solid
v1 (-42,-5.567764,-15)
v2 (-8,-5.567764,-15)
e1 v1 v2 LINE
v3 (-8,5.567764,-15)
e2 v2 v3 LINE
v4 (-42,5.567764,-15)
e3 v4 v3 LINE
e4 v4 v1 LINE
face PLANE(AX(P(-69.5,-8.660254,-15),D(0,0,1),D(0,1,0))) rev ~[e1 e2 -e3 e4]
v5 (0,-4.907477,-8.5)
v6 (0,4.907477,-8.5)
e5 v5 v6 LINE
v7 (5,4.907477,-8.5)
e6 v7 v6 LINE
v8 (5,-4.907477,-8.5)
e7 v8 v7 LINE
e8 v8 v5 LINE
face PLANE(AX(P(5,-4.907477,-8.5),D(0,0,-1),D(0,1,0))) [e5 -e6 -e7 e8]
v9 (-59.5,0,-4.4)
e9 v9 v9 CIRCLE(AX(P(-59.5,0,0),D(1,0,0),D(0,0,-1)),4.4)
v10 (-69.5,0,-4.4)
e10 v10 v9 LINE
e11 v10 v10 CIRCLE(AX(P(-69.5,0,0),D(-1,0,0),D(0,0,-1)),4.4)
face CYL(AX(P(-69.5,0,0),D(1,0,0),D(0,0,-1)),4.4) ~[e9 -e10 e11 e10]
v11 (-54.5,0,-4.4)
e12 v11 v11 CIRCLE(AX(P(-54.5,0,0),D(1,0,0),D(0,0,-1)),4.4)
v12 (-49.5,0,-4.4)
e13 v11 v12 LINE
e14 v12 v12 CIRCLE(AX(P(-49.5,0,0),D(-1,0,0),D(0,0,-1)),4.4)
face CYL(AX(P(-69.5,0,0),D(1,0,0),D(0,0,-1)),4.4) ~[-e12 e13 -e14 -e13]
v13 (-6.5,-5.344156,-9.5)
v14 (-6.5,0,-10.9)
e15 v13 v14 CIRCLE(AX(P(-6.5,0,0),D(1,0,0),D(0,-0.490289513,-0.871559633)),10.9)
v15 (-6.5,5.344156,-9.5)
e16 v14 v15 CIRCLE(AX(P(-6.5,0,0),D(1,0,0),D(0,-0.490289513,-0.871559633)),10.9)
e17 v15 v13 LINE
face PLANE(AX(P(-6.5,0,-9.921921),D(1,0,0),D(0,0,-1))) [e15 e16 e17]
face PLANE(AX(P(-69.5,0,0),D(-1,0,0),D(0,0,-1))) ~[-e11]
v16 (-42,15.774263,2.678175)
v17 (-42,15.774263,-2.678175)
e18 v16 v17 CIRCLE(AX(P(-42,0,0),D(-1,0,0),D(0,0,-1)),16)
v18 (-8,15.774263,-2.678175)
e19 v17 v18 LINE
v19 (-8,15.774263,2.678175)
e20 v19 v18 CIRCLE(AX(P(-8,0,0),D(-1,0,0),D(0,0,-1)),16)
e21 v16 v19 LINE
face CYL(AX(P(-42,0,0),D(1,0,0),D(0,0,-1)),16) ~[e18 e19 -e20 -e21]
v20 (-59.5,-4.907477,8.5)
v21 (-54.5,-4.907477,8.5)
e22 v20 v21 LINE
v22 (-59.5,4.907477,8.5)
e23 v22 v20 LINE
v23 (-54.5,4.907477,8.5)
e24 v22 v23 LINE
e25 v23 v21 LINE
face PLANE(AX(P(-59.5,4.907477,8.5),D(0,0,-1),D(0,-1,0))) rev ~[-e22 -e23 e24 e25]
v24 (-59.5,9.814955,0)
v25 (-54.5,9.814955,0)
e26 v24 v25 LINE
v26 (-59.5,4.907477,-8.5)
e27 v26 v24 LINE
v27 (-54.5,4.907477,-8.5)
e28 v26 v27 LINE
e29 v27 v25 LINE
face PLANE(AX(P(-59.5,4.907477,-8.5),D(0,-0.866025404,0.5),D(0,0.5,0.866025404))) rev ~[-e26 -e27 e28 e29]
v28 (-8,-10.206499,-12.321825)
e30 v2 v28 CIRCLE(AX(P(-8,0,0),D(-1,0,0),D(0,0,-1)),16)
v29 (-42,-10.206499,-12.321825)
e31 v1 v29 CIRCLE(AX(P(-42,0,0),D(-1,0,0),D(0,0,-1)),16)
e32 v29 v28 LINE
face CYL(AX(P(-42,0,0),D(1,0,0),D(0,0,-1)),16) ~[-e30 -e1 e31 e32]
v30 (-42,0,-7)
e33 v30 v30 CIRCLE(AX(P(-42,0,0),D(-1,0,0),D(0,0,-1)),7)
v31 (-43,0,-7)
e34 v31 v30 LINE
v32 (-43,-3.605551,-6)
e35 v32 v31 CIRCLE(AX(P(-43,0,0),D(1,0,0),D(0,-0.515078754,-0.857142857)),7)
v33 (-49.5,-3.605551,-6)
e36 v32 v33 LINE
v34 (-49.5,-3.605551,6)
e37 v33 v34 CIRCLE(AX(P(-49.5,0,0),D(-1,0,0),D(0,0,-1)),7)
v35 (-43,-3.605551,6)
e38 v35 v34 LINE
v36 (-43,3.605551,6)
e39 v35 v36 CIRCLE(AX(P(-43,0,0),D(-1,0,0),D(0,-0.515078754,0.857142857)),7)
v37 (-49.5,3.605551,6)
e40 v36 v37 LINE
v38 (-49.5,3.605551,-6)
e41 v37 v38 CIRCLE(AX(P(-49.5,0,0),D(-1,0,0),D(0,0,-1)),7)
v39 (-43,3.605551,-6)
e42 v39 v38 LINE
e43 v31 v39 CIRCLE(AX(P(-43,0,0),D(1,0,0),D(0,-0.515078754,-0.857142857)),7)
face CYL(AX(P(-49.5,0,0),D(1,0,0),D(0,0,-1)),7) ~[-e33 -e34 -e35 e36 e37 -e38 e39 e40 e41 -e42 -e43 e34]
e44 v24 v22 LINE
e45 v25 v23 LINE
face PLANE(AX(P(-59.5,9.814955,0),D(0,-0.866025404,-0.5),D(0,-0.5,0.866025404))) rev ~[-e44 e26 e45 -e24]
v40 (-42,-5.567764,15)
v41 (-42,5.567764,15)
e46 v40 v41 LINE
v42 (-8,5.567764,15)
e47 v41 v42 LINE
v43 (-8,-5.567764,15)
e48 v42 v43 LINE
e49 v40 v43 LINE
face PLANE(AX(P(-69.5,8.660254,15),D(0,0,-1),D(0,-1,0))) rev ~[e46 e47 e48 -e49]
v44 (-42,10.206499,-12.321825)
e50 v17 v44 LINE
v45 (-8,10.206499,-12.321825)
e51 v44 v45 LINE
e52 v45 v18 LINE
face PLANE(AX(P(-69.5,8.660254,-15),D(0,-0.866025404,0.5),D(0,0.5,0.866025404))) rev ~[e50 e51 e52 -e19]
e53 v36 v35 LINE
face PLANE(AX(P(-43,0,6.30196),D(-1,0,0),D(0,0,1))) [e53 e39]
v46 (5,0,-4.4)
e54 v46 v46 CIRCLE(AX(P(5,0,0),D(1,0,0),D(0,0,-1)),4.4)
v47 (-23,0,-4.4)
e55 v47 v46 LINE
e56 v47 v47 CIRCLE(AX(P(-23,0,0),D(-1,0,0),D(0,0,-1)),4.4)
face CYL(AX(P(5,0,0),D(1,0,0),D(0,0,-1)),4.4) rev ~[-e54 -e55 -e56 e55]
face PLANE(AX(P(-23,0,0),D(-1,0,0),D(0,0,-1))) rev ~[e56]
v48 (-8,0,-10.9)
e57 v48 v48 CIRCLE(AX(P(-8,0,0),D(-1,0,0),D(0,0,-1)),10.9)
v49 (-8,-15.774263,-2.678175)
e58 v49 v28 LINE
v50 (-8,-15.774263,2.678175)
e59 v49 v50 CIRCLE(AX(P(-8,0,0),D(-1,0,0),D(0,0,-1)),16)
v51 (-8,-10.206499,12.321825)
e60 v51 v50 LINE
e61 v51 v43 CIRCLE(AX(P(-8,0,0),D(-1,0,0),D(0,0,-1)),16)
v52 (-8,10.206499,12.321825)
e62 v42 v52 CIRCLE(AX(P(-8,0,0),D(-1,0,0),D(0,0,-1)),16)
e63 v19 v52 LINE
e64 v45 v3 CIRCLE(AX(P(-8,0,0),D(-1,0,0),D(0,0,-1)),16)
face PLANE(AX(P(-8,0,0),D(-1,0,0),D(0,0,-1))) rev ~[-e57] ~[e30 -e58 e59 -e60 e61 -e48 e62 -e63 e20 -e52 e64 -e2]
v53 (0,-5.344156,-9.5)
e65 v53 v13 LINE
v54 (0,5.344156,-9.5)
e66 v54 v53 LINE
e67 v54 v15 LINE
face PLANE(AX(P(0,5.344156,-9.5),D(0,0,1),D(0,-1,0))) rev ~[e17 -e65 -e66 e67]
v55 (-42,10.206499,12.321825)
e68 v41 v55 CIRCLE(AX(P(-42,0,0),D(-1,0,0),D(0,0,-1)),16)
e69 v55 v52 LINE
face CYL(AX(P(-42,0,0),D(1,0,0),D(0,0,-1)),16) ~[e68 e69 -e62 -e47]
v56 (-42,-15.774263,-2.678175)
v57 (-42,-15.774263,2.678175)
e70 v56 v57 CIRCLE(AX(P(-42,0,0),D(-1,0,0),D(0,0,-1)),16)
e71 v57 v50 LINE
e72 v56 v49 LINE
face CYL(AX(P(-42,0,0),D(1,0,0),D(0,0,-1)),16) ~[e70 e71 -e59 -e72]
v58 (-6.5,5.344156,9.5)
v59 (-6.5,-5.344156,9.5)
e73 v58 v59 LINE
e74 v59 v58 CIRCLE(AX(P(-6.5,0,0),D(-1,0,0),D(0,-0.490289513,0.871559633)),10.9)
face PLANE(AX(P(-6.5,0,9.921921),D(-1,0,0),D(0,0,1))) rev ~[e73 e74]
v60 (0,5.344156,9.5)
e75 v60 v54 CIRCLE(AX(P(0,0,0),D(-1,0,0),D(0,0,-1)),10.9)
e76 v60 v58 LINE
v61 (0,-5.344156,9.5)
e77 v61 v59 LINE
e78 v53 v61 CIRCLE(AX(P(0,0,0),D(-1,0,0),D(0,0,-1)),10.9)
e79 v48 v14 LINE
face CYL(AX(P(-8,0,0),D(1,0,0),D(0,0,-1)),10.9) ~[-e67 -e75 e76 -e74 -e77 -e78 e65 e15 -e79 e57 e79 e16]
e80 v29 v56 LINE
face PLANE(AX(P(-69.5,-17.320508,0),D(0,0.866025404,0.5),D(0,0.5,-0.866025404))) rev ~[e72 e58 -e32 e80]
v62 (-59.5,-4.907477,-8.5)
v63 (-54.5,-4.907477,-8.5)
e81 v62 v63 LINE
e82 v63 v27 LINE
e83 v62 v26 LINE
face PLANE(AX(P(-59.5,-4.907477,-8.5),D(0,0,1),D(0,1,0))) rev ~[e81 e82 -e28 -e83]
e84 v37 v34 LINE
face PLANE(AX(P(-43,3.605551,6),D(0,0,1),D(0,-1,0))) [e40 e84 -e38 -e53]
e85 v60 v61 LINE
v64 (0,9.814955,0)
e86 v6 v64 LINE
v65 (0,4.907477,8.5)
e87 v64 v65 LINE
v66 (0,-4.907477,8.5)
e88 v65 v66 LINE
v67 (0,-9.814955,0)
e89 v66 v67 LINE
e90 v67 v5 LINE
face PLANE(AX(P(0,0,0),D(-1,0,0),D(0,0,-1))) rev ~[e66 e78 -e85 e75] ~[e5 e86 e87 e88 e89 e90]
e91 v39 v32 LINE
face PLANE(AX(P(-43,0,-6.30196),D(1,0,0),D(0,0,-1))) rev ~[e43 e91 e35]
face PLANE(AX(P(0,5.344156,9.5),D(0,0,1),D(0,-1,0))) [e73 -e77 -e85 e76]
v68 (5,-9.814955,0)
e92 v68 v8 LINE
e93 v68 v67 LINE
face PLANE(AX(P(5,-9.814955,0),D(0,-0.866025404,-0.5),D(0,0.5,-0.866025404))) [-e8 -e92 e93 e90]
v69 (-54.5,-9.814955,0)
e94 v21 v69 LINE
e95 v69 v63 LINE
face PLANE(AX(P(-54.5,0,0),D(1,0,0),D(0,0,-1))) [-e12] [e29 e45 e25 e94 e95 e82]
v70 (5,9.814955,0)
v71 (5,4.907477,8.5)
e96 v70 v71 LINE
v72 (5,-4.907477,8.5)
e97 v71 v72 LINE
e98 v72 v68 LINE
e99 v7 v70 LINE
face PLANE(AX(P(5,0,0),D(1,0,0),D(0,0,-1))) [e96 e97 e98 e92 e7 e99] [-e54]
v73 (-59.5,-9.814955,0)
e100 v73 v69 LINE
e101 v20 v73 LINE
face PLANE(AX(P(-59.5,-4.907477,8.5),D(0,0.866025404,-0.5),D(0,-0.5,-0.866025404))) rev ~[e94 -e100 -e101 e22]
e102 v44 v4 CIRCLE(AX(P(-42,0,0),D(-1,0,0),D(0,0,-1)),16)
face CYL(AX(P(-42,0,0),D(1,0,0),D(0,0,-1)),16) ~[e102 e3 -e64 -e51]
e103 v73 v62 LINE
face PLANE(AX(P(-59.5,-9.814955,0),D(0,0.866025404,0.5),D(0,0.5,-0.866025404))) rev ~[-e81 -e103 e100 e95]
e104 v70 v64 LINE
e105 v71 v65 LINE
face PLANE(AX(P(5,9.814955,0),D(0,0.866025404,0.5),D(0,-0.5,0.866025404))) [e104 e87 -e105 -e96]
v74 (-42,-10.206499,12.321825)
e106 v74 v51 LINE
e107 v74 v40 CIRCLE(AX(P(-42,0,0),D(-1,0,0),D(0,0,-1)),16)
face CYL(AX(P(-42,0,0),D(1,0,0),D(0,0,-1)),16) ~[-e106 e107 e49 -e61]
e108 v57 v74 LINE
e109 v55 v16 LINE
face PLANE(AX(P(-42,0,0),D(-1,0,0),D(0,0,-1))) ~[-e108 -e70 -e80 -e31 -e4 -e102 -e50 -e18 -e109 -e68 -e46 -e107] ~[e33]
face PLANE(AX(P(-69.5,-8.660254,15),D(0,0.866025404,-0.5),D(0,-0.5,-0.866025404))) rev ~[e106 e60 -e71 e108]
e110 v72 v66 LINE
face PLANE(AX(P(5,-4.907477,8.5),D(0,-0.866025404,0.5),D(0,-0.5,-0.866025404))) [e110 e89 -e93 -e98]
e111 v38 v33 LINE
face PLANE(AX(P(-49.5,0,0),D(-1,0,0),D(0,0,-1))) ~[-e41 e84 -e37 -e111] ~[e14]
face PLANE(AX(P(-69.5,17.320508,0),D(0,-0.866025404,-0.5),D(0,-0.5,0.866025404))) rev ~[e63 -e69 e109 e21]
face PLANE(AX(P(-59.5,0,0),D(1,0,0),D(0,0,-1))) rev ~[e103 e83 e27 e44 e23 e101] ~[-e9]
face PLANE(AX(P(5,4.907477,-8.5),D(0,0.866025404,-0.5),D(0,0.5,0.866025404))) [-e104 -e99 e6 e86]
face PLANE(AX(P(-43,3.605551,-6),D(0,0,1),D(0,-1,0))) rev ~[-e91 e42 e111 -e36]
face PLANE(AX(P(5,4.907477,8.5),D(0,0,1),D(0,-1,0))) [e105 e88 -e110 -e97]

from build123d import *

# Parameters (mm, degrees)
OUTSIDE_FLATSS_OUTSIDE_W = 50.588
OUTSIDE_FLATSS_OUTSIDE_H = 50.588
OUTSIDE_FLATS_DEPTH      = 74.090697082
FRONT_NUT_DEPTH          = 5
FRONT_START              = -6.5
FRONT_FLATS_DEPTH        = 6.5
REAR_FLATS_DEPTH         = 6.5
REAR_START               = 5
REAR_NUT_SK_R            = 4.4
REAR_NUT_DEPTH           = 5


with BuildPart() as part:
    # Bodies → Body (revolve)
    with BuildSketch(Plane.XY):
        Polygon((-69.5, 4.4), (-49.5, 4.4), (-49.5, 7), (-42, 7), (-42, 16), (-8, 16), (-8, 10.9), (0, 10.9), (0, 4.4), (-23, 4.4), (-23, 0), (-69.5, 0), align=None)
    revolve(axis=Axis((0, 0, 0), (-1, 0, 0)))

    # Outside Flatss outside → Outside Flats (cut, through all)
    with BuildSketch(Plane.ZY.offset(69.5)):
        Rectangle(OUTSIDE_FLATSS_OUTSIDE_W, OUTSIDE_FLATSS_OUTSIDE_H)
        Polygon((0, 17.320508076), (15, 8.660254038), (15, -8.660254038), (0, -17.320508076), (-15, -8.660254038), (-15, 8.660254038), align=None, mode=Mode.SUBTRACT)
    extrude(amount=-OUTSIDE_FLATS_DEPTH, mode=Mode.SUBTRACT)

    # Front Nuts → Front Nut (add)
    with BuildSketch(Plane.ZY.offset(59.5)):
        Polygon((0, 9.814954576), (8.5, 4.907477288), (8.5, -4.907477288), (0, -9.814954576), (-8.5, -4.907477288), (-8.5, 4.907477288), align=None)
    extrude(amount=-FRONT_NUT_DEPTH)

    # Front Flatss → Front Flats (cut)
    with BuildSketch(Plane.ZY.offset(49.5).offset(FRONT_START)):
        with BuildLine():
            Line((-6, 3.605551275), (-6, -3.605551275))
            ThreePointArc((-6, -3.605551275), (-7, 0), (-6, 3.605551275))
        make_face()
        with BuildLine():
            Line((6, 3.605551275), (6, -3.605551275))
            ThreePointArc((6, -3.605551275), (7, 0), (6, 3.605551275))
        make_face()
    extrude(amount=FRONT_FLATS_DEPTH, mode=Mode.SUBTRACT)

    # Rear Flatss → Rear Flats (cut)
    with BuildSketch(Plane(origin=(0, 0, 0), x_dir=(0, 0, -1), z_dir=(1, 0, 0))):
        with BuildLine():
            Line((-9.5, 5.344155686), (-9.5, -5.344155686))
            ThreePointArc((-9.5, -5.344155686), (-10.9, 0), (-9.5, 5.344155686))
        make_face()
        with BuildLine():
            Line((9.5, 5.344155686), (9.5, -5.344155686))
            ThreePointArc((9.5, -5.344155686), (10.9, 0), (9.5, 5.344155686))
        make_face()
    extrude(amount=-REAR_FLATS_DEPTH, mode=Mode.SUBTRACT)

    # Rear Nut sk → Rear Nut (add)
    with BuildSketch(Plane(origin=(0, 0, 0), x_dir=(0, 0, -1), z_dir=(1, 0, 0)).offset(REAR_START)):
        Polygon((8.5, 4.907477288), (0, 9.814954576), (-8.5, 4.907477288), (-8.5, -4.907477288), (0, -9.814954576), (8.5, -4.907477288), align=None)
        Circle(REAR_NUT_SK_R, mode=Mode.SUBTRACT)
    extrude(amount=-REAR_NUT_DEPTH)


solid = part.part
